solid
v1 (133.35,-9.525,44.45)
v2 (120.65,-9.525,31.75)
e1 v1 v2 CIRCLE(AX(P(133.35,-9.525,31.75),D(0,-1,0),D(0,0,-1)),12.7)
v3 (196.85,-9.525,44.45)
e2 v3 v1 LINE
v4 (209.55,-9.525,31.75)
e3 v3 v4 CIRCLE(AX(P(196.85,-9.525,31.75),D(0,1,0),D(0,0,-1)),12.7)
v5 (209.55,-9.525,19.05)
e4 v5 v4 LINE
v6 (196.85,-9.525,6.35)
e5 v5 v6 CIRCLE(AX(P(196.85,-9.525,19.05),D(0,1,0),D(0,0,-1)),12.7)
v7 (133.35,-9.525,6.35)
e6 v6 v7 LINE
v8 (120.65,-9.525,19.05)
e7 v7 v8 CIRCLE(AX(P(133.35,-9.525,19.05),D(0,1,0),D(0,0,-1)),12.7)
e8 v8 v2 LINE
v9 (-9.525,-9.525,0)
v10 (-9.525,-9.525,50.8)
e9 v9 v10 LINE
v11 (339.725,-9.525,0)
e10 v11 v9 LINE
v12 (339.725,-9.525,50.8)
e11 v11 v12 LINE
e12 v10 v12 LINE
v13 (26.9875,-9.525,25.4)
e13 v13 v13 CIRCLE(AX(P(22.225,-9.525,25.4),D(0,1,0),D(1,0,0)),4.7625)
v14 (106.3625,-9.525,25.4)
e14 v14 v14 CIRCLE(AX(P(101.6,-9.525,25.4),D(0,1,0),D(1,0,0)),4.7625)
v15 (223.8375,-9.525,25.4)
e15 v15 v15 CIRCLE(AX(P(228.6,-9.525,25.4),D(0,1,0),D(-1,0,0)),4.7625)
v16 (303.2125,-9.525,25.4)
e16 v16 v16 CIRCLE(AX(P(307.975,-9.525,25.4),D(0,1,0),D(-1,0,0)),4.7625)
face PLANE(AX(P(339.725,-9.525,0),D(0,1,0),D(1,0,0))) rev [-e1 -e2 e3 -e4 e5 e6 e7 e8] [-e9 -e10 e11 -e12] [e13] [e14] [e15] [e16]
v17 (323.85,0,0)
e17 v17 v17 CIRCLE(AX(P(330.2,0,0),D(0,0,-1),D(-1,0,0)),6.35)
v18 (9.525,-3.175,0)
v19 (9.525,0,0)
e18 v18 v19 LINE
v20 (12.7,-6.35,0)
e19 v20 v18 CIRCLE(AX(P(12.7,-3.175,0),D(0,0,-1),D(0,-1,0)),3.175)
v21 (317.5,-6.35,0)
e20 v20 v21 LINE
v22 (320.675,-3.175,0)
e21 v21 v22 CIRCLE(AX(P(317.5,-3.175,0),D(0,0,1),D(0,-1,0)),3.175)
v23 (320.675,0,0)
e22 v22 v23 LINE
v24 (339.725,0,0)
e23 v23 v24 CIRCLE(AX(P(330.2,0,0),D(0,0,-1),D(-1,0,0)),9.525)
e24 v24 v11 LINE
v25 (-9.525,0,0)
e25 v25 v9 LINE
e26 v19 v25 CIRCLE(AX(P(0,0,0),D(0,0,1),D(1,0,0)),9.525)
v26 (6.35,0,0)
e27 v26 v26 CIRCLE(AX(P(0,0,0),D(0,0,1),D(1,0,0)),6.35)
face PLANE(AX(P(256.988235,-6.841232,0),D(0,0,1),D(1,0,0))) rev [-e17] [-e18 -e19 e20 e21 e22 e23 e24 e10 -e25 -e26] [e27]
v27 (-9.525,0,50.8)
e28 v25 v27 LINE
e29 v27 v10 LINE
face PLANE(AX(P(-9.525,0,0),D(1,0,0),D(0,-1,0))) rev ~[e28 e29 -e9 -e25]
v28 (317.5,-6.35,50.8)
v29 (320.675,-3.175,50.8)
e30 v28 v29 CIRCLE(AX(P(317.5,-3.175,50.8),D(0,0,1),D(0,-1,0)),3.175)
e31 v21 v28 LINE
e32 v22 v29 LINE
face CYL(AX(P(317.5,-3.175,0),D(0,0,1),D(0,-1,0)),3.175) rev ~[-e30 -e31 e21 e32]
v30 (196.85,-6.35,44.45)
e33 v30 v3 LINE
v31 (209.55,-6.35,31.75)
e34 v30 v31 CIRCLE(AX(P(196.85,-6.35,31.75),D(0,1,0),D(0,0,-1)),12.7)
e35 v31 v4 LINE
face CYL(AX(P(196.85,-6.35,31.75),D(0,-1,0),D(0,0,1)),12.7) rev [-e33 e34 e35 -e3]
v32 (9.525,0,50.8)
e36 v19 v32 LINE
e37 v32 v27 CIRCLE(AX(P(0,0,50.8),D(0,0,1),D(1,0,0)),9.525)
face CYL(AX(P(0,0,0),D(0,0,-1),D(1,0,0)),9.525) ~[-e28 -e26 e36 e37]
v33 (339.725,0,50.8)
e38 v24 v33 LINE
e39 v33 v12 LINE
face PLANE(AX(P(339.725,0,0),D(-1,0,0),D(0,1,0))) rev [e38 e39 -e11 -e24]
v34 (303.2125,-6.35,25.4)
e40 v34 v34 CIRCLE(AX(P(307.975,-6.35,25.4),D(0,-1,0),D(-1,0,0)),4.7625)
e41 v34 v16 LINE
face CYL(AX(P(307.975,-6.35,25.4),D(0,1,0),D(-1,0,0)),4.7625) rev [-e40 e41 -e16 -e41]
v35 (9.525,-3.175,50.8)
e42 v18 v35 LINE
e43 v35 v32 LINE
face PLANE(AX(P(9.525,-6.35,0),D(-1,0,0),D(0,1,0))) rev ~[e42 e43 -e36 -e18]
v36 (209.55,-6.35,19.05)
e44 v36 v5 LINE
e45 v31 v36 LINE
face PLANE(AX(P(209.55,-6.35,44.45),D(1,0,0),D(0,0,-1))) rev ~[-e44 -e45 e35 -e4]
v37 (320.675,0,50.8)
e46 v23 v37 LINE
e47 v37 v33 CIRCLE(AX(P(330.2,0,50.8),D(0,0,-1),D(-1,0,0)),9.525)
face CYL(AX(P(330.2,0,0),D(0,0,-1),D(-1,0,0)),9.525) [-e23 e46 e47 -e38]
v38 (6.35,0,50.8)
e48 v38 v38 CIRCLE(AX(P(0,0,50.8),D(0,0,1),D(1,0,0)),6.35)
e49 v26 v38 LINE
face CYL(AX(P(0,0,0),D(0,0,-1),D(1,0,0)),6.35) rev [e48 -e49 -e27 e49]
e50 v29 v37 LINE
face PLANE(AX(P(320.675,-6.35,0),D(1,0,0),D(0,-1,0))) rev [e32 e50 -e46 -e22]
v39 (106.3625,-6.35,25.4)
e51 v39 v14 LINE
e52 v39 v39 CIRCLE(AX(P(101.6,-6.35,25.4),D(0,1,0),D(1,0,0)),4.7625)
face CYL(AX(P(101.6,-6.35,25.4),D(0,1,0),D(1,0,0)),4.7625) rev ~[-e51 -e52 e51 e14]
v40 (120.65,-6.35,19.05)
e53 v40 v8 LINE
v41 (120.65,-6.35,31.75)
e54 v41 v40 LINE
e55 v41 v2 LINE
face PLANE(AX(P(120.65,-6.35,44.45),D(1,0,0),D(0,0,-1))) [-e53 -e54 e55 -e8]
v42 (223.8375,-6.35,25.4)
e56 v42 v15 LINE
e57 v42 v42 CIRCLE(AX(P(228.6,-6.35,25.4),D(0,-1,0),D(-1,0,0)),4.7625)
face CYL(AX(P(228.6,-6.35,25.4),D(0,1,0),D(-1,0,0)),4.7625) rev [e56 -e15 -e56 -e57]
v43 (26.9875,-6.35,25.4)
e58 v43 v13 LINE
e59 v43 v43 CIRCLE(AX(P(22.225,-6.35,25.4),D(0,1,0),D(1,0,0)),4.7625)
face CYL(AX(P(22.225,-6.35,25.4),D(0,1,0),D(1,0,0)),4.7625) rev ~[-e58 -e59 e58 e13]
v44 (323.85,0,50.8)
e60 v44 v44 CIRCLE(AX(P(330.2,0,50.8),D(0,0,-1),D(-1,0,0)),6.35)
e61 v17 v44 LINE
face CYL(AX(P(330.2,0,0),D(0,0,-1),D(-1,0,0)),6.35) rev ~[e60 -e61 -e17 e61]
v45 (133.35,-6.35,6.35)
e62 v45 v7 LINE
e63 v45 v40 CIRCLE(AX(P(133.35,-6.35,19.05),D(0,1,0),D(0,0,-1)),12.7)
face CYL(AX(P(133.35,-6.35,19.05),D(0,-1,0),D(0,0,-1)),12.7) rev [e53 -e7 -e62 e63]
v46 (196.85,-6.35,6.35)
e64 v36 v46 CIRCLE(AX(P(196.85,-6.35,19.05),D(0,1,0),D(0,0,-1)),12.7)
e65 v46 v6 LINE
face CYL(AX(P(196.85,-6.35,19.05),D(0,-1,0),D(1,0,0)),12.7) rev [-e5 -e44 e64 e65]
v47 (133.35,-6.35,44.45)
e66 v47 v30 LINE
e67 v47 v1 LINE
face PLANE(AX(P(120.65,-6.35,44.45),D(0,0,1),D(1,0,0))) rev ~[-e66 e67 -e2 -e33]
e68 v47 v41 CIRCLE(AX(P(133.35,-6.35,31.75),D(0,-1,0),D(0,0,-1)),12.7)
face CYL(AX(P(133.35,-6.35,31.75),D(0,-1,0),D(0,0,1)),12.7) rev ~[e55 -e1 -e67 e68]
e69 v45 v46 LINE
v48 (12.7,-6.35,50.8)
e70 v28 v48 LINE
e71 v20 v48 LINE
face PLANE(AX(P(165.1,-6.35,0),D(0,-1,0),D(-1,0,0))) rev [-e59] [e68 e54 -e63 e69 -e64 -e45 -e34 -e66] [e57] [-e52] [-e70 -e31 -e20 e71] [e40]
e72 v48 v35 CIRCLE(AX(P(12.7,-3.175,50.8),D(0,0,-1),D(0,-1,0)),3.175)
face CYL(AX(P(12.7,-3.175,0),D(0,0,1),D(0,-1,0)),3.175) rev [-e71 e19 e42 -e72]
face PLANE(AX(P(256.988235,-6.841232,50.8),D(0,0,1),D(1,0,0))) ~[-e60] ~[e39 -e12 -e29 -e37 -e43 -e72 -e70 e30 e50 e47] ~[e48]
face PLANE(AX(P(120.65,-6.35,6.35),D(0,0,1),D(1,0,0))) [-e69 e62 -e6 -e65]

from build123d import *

# Parameters (mm, degrees)
SKETCH1_R           = 6.35
BOSS_EXTRUDE1_DEPTH = 50.8
SKETCH6_R           = 4.7625
CUT_EXTRUDE3_DEPTH  = 12.7
SKETCH7_W           = 88.9
SKETCH7_H           = 38.1
CUT_EXTRUDE4_DEPTH  = 4.175
FILLET1_R           = 12.7
FILLET2_R           = 3.175


with BuildPart() as part:
    # Sketch1 → Boss-Extrude1 (new body)
    with BuildSketch(Plane.XY):
        with BuildLine():
            ThreePointArc((9.525, 0), (0, 9.525), (-9.525, 0))
            Line((-9.525, 0), (-9.525, -9.525))
            Line((-9.525, -9.525), (165.1, -9.525))
            Line((165.1, -9.525), (165.1, -6.35))
            Line((165.1, -6.35), (9.525, -6.35))
            Line((9.525, -6.35), (9.525, 0))
        make_face()
        Circle(SKETCH1_R, mode=Mode.SUBTRACT)
    boss_extrude1 = extrude(amount=BOSS_EXTRUDE1_DEPTH)

    # Sketch6 → Cut-Extrude3 (cut)
    with BuildSketch(Plane(origin=(0, -6.35, 0), x_dir=(1, 0, 0), z_dir=(0, 1, 0))):
        with Locations((22.225, -25.4)):
            Circle(SKETCH6_R)
        with Locations((101.6, -25.4)):
            Circle(SKETCH6_R)
    cut_extrude3 = extrude(amount=-CUT_EXTRUDE3_DEPTH, mode=Mode.SUBTRACT)

    # Mirror1: Boss-Extrude1, Cut-Extrude3 across plane
    add(boss_extrude1.mirror(Plane(origin=(165.1, 0, 50.8), x_dir=(0, 0, 1), z_dir=(1, 0, 0))))
    add(cut_extrude3.mirror(Plane(origin=(165.1, 0, 50.8), x_dir=(0, 0, 1), z_dir=(1, 0, 0))), mode=Mode.SUBTRACT)

    # Sketch7 → Cut-Extrude4 (cut, through all)
    with BuildSketch(Plane(origin=(0, -6.35, 0), x_dir=(1, 0, 0), z_dir=(0, 1, 0))):
        with Locations((165.1, -25.4)):
            Rectangle(SKETCH7_W, SKETCH7_H)
    extrude(amount=-CUT_EXTRUDE4_DEPTH, mode=Mode.SUBTRACT)

    # Fillet1
    fillet1_edges = [part.edges().sort_by_distance(p)[0] for p in [
        (120.65, -7.9375, 44.45),
        (120.65, -7.9375, 6.35),
        (209.55, -7.9375, 6.35),
        (209.55, -7.9375, 44.45),
    ]]
    fillet(fillet1_edges, radius=FILLET1_R)

    # Fillet2
    fillet2_edges = [part.edges().sort_by_distance(p)[0] for p in [
        (9.525, -6.35, 25.4),
        (320.675, -6.35, 25.4),
    ]]
    fillet(fillet2_edges, radius=FILLET2_R)


solid = part.part
